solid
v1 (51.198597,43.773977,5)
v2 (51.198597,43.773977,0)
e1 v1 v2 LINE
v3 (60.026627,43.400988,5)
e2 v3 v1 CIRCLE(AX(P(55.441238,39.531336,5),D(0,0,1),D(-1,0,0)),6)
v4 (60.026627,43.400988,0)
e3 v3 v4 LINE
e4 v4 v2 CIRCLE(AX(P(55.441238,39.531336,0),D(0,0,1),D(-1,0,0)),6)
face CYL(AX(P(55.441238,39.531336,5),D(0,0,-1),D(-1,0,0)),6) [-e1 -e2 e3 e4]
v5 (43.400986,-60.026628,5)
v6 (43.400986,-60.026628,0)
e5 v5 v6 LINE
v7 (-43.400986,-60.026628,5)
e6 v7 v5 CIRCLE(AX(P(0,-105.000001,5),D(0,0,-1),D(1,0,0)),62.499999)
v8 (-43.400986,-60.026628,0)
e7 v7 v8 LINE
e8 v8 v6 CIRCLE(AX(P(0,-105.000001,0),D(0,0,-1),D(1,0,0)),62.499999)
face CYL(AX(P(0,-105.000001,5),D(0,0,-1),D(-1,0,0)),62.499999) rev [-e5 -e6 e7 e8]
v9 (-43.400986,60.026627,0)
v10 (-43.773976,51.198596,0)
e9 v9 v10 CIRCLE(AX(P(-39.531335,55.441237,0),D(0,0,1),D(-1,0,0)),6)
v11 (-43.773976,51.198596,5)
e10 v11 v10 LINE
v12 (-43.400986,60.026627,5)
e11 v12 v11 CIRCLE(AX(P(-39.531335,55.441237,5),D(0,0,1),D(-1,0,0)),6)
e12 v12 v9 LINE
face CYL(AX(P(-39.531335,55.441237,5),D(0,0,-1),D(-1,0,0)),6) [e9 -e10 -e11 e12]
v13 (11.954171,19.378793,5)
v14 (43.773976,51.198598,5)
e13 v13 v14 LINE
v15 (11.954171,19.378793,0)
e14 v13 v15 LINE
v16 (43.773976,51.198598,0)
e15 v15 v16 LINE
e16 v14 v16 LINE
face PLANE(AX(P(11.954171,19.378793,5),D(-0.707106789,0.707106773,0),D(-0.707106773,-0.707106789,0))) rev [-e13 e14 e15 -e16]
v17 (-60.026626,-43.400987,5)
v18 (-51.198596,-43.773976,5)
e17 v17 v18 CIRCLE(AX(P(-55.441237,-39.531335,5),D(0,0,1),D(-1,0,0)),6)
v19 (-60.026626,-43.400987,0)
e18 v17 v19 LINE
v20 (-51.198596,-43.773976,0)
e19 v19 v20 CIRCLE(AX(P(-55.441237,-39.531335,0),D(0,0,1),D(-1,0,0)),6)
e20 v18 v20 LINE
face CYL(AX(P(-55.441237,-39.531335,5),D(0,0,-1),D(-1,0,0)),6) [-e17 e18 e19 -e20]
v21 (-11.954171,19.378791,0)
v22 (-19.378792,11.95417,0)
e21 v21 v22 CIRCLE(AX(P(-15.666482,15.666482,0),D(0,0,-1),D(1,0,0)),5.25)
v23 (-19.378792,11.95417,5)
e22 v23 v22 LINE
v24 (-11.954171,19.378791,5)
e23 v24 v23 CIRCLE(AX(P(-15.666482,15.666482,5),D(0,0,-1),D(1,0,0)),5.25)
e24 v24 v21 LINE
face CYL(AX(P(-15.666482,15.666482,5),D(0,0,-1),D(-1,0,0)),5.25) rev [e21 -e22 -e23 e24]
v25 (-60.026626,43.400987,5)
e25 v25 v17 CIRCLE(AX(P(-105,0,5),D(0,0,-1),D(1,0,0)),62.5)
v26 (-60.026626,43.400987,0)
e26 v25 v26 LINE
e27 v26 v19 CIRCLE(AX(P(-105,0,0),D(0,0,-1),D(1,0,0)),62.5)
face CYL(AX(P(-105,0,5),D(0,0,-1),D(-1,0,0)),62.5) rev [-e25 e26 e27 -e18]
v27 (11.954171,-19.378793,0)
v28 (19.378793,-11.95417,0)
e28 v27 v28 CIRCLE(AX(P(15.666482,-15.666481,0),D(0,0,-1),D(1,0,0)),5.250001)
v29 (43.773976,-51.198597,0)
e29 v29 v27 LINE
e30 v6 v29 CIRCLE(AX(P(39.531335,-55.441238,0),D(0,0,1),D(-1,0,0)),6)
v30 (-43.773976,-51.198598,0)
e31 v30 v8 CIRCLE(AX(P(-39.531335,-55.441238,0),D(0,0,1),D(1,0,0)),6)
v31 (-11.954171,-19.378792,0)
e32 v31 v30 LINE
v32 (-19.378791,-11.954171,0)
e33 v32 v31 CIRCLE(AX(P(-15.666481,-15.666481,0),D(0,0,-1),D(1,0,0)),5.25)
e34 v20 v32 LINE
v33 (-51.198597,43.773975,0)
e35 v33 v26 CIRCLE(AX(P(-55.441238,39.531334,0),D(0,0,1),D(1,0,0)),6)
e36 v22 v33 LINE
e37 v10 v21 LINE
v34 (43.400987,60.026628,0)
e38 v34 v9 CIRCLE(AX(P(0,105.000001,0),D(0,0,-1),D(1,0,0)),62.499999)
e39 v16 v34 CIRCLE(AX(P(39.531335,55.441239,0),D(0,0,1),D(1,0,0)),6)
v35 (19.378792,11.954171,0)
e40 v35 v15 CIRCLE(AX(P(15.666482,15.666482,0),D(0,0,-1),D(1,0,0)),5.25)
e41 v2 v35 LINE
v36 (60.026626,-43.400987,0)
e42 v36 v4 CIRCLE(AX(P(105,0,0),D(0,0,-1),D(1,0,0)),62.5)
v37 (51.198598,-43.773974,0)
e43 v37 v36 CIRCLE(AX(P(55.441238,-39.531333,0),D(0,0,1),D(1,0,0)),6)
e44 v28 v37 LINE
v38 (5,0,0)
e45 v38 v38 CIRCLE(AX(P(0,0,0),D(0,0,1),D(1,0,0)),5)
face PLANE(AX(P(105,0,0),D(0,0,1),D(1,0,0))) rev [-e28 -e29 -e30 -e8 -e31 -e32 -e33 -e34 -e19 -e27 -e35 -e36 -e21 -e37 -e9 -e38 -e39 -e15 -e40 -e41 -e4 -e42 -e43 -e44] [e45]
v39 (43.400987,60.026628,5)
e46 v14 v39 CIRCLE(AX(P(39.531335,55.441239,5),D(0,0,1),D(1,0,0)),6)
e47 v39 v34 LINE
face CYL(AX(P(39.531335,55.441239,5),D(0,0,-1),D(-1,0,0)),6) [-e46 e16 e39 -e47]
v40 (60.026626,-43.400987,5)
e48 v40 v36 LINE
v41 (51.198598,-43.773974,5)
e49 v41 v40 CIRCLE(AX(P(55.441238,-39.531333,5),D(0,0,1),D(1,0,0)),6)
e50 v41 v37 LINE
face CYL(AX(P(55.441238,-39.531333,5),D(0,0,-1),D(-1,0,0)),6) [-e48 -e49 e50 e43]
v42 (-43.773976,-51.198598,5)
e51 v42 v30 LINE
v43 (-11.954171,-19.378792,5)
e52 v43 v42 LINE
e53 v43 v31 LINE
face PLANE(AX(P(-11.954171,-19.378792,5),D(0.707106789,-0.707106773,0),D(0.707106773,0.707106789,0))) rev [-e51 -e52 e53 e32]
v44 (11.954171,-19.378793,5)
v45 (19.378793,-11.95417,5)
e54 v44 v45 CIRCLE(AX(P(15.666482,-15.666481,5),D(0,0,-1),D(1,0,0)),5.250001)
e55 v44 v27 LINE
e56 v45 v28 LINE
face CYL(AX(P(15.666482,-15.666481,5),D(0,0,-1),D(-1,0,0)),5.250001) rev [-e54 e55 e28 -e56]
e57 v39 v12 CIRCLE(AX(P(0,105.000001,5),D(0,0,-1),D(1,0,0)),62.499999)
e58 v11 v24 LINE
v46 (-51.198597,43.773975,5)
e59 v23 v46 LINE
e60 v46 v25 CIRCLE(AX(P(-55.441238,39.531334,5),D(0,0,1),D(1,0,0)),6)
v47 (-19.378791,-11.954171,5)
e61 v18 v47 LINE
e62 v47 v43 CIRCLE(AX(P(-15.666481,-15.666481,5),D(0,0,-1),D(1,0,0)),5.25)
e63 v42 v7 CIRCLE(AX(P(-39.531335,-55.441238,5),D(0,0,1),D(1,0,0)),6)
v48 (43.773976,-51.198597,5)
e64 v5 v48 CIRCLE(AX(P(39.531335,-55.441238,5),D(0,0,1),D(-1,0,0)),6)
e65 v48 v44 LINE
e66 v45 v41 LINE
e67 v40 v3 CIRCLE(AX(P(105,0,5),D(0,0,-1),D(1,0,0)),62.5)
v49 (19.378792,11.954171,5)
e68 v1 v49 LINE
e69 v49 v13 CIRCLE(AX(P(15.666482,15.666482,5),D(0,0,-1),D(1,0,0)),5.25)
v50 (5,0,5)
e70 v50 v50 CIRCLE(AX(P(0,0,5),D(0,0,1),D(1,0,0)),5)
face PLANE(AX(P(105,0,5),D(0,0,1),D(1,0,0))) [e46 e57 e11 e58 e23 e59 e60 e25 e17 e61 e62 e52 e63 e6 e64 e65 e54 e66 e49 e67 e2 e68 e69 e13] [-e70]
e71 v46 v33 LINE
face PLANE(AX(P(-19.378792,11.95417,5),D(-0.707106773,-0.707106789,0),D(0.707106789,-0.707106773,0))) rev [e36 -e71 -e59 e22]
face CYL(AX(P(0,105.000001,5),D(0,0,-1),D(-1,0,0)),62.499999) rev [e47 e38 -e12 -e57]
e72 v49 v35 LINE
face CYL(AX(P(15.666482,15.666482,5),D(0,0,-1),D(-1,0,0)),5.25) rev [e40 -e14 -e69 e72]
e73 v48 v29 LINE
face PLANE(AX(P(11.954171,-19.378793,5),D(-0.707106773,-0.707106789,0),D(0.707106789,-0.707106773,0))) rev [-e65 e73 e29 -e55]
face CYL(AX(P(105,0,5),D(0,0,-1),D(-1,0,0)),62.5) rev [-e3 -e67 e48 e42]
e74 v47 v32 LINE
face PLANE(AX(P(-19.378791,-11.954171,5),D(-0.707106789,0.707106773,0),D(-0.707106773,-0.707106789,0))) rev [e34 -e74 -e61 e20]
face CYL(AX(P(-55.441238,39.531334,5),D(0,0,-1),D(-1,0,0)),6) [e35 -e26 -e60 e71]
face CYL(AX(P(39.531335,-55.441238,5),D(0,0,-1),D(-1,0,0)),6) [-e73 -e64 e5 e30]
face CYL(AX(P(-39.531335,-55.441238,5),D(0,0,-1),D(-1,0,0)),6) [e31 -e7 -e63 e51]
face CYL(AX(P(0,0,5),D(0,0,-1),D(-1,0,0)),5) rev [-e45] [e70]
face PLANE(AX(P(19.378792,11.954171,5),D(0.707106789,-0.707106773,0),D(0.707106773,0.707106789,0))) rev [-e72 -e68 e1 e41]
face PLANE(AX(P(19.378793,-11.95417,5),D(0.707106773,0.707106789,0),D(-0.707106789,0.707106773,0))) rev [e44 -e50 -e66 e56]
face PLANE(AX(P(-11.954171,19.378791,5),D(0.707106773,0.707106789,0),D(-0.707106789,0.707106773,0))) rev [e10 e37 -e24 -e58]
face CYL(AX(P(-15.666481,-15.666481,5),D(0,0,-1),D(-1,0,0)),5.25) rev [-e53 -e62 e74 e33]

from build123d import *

# Parameters (mm, degrees)
SKICA1_R                = 5
P_IDAT_VYSUNUT_M1_DEPTH = 5


with BuildPart() as part:
    # Skica1 → Přidat vysunutím1 (new body)
    with BuildSketch(Plane.XY):
        with BuildLine():
            Line((11.954171039, 19.378792599), (43.773975828, 51.198598116))
            ThreePointArc((43.773975828, 51.198598116), (45.525986921, 55.694516194), (43.400986545, 60.026628339))
            ThreePointArc((43.400986545, 60.026628339), (5.05e-07, 42.500001775), (-43.400985944, 60.026627326))
            ThreePointArc((-43.400985944, 60.026627326), (-45.525987252, 55.694514886), (-43.77397602, 51.198596137))
            Line((-43.77397602, 51.198596137), (-11.954170503, 19.378791347))
            ThreePointArc((-11.954170503, 19.378791347), (-11.954171755, 11.954171481), (-19.378791621, 11.95417006))
            Line((-19.378791621, 11.95417006), (-51.198597038, 43.77397475))
            ThreePointArc((-51.198597038, 43.77397475), (-55.694514292, 45.525985877), (-60.026626197, 43.400986726))
            ThreePointArc((-60.026626197, 43.400986726), (-42.5, -1.49e-07), (-60.026626405, -43.400986941))
            ThreePointArc((-60.026626405, -43.400986941), (-55.694514208, -45.525987235), (-51.198596158, -43.773976041))
            Line((-51.198596158, -43.773976041), (-19.378791368, -11.954170524))
            ThreePointArc((-19.378791368, -11.954170524), (-11.954170343, -11.954171064), (-11.954170848, -19.378792089))
            Line((-11.954170848, -19.378792089), (-43.773975638, -51.198597606))
            ThreePointArc((-43.773975638, -51.198597606), (-45.52598669, -55.694515634), (-43.400986372, -60.026627739))
            ThreePointArc((-43.400986372, -60.026627739), (-7.5e-08, -42.500001775), (43.400986138, -60.026627946))
            ThreePointArc((43.400986138, -60.026627946), (45.525987031, -55.694515759), (43.773976041, -51.198597357))
            Line((43.773976041, -51.198597357), (11.954170524, -19.378792567))
            ThreePointArc((11.954170524, -19.378792567), (11.954170439, -11.954170166), (19.378792841, -11.954170081))
            Line((19.378792841, -11.954170081), (51.198597688, -43.773974201))
            ThreePointArc((51.198597688, -43.773974201), (55.694514488, -45.525985242), (60.026626197, -43.400986726))
            ThreePointArc((60.026626197, -43.400986726), (42.5, 8.27e-07), (60.026627347, 43.400987917))
            ThreePointArc((60.026627347, 43.400987917), (55.694515153, 45.525988194), (51.198597116, 43.773976998))
            Line((51.198597116, 43.773976998), (19.378792326, 11.954171481))
            ThreePointArc((19.378792326, 11.954171481), (11.954171123, 11.954171397), (11.954171039, 19.378792599))
        make_face()
        Circle(SKICA1_R, mode=Mode.SUBTRACT)
    extrude(amount=P_IDAT_VYSUNUT_M1_DEPTH)


solid = part.part
